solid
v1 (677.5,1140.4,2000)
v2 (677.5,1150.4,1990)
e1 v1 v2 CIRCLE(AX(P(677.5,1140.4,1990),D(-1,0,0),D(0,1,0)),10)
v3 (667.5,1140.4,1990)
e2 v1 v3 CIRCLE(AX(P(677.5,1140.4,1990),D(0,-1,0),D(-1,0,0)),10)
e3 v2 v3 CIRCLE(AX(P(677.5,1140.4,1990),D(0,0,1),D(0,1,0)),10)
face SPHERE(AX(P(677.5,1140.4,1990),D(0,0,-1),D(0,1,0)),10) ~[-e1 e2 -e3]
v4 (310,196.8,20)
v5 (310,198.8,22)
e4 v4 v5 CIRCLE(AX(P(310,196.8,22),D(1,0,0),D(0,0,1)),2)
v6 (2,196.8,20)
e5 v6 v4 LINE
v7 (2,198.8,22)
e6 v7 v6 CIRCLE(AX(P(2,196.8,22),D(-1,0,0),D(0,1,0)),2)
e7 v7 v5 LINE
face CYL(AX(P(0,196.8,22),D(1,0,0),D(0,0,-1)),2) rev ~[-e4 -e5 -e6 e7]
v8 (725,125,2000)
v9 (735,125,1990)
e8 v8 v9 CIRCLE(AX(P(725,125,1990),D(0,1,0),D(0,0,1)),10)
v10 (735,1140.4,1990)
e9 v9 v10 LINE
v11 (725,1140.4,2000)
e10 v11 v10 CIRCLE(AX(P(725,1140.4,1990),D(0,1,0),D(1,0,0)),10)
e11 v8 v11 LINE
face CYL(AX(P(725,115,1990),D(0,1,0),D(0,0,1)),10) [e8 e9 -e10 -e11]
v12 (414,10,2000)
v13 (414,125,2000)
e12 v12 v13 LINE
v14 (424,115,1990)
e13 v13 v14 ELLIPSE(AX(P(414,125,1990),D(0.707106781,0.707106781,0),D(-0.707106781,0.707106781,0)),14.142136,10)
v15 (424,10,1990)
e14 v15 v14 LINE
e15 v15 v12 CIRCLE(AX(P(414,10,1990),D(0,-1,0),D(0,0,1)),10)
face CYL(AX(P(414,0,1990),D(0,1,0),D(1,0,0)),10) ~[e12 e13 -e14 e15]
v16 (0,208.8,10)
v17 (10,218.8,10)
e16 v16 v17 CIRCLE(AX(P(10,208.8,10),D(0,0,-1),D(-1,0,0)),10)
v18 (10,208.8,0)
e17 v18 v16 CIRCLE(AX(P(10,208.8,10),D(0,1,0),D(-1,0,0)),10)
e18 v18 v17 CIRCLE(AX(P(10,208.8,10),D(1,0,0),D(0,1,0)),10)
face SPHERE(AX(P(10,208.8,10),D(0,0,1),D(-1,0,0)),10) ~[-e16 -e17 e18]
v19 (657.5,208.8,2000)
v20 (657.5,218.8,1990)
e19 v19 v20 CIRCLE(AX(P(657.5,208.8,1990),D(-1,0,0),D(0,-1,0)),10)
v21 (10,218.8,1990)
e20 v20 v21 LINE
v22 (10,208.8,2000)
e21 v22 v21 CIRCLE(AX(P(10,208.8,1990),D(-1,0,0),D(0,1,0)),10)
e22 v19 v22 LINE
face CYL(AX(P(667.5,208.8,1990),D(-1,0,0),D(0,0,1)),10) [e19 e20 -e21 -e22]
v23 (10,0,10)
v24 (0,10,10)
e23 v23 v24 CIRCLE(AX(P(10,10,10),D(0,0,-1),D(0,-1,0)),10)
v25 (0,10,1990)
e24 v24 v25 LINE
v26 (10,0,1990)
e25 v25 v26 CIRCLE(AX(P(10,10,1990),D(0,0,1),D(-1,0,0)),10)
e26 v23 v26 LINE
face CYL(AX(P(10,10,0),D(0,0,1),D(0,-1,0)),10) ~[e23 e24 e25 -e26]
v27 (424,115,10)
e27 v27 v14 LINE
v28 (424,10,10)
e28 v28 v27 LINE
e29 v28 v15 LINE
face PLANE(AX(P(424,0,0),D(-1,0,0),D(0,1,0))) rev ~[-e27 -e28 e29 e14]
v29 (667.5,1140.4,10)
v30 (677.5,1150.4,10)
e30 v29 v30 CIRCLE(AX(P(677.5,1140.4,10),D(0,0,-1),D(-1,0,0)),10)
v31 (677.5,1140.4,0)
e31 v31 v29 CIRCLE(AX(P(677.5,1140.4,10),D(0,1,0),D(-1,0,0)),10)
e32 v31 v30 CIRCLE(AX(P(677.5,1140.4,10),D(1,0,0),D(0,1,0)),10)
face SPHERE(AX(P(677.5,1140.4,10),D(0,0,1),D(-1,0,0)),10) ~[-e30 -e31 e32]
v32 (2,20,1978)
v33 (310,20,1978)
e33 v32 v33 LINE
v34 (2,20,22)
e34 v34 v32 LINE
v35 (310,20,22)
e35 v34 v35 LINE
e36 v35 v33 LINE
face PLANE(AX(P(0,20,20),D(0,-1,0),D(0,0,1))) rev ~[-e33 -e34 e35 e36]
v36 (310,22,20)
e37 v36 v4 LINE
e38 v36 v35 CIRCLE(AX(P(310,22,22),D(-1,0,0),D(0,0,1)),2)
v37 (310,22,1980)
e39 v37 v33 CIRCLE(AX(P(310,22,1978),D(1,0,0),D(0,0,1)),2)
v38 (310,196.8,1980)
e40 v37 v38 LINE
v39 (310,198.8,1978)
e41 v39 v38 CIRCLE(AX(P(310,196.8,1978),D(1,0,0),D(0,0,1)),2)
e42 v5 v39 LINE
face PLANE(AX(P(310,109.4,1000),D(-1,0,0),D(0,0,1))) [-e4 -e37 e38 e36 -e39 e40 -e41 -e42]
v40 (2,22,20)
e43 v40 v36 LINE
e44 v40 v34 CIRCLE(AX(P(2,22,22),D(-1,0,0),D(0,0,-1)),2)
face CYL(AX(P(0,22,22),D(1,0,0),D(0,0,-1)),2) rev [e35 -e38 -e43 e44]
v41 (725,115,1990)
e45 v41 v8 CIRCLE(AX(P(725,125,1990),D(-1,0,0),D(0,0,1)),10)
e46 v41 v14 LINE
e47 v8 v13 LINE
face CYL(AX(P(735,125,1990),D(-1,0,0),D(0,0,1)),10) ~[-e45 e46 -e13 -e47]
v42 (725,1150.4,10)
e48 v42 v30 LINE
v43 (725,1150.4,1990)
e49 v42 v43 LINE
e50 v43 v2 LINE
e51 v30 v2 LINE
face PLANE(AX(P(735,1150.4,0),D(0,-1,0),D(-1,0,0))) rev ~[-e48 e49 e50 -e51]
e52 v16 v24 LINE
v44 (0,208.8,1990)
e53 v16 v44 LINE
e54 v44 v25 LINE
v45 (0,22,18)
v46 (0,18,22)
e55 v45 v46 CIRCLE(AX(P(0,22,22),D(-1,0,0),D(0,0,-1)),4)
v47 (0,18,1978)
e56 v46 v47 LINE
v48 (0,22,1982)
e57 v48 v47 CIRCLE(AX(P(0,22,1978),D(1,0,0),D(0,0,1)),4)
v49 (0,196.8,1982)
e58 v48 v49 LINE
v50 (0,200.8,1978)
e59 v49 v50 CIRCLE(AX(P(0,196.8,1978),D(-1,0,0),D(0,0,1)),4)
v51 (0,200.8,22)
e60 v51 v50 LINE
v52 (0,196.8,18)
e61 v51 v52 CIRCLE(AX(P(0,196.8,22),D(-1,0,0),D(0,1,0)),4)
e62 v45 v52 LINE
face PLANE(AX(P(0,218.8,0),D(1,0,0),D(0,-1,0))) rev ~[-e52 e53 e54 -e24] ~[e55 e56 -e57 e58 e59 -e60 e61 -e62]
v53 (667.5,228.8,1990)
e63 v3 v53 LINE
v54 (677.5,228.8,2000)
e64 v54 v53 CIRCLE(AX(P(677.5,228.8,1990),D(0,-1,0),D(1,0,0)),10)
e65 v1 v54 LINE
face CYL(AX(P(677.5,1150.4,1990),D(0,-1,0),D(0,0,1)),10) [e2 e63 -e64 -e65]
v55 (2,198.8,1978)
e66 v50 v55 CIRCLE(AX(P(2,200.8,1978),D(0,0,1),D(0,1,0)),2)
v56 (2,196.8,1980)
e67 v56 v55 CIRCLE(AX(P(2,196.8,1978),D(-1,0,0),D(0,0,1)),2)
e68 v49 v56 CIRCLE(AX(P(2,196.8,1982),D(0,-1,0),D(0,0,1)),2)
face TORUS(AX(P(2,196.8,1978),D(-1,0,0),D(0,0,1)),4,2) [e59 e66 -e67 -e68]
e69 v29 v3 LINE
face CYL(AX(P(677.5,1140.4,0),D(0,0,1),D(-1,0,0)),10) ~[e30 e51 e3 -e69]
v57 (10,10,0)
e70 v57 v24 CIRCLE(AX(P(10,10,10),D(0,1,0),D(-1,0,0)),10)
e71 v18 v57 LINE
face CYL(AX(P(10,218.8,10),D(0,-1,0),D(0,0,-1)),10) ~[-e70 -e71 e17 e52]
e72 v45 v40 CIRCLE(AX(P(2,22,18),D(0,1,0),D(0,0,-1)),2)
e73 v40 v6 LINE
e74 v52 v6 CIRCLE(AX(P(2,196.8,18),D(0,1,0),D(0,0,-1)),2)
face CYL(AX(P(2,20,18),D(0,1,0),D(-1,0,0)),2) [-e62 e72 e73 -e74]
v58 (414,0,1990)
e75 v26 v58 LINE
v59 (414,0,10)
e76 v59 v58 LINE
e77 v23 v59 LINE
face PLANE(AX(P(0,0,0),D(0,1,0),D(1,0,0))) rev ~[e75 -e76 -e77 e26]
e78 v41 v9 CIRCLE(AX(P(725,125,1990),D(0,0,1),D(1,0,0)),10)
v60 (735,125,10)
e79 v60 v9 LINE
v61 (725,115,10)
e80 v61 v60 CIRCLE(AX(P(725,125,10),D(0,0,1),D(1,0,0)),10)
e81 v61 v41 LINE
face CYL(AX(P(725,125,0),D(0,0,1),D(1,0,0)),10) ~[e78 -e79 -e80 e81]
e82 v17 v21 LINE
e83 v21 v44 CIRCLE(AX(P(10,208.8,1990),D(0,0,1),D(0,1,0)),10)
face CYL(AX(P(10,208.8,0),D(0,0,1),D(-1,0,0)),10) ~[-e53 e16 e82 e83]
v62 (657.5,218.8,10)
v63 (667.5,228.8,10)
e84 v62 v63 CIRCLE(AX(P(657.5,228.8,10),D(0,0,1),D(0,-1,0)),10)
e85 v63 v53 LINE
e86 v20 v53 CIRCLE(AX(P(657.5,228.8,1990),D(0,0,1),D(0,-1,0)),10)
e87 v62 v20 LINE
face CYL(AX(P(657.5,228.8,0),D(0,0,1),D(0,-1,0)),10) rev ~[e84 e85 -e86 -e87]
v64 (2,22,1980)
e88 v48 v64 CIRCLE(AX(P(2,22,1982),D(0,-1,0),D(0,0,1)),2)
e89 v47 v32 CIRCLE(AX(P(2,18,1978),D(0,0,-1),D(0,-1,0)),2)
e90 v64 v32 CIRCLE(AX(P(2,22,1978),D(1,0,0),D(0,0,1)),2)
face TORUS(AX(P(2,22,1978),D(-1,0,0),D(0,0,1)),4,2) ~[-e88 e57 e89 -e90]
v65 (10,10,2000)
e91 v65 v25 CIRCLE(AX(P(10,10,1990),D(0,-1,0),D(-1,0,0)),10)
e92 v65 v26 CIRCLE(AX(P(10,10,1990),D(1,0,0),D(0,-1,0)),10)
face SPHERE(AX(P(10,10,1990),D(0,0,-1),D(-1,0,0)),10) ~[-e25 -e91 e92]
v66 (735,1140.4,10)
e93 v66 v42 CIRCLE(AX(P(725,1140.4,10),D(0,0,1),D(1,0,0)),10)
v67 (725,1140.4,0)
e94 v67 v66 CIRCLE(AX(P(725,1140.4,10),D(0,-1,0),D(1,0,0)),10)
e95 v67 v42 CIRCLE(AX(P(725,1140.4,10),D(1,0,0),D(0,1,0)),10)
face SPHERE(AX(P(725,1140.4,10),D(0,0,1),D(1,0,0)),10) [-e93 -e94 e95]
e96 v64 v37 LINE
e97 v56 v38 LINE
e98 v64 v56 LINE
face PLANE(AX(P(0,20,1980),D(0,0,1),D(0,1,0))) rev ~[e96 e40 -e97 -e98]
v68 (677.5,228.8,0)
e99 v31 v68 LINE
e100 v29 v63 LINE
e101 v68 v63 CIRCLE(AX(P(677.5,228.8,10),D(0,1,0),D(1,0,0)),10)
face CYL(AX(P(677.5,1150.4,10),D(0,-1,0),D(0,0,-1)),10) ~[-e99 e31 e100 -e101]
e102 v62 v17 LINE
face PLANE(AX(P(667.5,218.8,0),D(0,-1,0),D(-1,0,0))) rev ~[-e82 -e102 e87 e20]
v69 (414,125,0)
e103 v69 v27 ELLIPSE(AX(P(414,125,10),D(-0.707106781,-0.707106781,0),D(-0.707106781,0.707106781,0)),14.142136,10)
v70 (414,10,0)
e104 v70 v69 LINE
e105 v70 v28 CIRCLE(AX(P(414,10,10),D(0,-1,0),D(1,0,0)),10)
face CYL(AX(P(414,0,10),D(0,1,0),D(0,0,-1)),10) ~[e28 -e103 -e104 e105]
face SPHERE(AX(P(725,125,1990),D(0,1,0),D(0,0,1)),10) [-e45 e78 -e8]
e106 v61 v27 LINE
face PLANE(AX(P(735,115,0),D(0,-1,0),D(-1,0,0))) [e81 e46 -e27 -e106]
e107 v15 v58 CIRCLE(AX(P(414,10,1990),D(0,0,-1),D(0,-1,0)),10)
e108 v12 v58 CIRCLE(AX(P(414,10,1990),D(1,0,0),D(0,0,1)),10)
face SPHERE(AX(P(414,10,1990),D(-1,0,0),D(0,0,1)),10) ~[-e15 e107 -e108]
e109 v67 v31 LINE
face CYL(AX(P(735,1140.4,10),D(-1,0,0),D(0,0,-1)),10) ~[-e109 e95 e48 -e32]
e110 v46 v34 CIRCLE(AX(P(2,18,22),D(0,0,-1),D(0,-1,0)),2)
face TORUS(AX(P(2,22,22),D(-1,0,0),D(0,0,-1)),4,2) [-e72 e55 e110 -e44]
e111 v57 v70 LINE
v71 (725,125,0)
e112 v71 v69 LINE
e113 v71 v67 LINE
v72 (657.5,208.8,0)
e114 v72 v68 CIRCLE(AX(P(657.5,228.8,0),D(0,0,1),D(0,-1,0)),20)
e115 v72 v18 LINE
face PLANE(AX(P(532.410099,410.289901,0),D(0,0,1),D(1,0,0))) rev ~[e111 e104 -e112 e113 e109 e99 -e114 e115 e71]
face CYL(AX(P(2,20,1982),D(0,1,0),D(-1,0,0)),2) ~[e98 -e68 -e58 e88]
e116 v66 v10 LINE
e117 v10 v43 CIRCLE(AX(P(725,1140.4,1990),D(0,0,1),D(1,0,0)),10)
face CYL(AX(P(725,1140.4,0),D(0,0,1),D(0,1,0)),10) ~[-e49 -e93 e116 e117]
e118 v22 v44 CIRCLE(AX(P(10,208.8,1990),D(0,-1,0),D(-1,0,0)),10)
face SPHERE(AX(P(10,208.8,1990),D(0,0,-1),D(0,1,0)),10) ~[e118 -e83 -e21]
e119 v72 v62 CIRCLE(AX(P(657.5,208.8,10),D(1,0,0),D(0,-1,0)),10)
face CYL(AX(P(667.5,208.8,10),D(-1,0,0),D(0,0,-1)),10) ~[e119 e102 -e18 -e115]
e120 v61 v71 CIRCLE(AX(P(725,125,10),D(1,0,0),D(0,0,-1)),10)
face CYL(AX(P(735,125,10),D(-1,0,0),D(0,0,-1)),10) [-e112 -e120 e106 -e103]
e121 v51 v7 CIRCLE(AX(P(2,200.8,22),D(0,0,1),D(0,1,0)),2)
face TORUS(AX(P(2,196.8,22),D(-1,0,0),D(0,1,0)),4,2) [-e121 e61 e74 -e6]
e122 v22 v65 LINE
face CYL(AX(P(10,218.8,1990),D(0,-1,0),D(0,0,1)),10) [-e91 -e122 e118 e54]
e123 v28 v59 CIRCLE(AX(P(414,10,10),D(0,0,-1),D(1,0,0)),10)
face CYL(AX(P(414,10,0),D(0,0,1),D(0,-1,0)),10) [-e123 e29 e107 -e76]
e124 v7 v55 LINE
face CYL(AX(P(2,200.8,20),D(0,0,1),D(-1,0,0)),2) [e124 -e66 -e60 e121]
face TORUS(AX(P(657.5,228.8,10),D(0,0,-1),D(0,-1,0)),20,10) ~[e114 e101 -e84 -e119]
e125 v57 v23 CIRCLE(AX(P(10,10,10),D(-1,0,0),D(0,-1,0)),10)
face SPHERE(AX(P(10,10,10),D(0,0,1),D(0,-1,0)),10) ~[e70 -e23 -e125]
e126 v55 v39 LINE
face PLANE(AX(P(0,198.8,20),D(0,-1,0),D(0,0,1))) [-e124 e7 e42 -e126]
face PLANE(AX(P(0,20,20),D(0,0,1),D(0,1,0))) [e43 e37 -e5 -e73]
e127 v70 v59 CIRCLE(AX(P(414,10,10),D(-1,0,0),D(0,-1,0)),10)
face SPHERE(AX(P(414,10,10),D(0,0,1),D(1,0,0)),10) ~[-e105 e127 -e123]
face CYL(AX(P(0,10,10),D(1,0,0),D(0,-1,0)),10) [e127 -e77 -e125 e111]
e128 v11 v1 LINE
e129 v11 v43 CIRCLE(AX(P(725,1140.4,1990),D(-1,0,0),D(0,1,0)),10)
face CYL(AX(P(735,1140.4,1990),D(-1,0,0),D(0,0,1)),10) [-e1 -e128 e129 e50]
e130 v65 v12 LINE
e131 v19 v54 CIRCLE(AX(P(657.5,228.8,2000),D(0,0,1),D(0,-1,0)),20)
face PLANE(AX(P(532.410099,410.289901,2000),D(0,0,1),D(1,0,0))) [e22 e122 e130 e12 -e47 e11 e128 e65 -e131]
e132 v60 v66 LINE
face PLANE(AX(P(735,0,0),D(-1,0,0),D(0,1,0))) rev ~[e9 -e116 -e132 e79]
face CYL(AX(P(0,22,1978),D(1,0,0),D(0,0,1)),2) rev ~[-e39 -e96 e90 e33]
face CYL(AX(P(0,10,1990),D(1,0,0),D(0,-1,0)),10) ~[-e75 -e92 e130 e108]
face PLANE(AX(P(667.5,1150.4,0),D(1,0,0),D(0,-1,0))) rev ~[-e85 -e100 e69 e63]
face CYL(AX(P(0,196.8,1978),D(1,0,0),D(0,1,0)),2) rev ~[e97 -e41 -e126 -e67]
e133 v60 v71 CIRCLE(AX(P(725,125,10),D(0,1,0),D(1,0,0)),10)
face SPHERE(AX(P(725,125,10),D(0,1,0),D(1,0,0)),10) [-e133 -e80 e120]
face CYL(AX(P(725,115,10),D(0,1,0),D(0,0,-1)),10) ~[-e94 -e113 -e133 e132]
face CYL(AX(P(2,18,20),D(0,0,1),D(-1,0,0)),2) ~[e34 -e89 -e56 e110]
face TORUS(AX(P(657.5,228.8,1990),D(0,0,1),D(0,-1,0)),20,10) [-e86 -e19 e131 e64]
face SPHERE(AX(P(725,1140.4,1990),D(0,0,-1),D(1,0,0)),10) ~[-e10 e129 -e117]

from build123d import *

# Parameters (mm, degrees)
BOSS_EXTRUDE1_DEPTH = 2000
CUT_EXTRUDE1_REACH  = 2423.496
SKETCH3_W           = 311
SKETCH3_H           = 115
SKETCH2_W           = 1960
SKETCH2_H           = 178.8
CUT_EXTRUDE2_DEPTH  = 310
FILLET2_R           = 10
FILLET3_R           = 2


with BuildPart() as part:
    # Sketch1 → Boss-Extrude1 (new body)
    with BuildSketch(Plane.XY):
        Polygon((0, 0), (735, 0), (735, 1150.4), (667.5, 1150.4), (667.5, 218.8), (0, 218.8), align=None)
    extrude(amount=BOSS_EXTRUDE1_DEPTH)

    # Sketch3 → Cut-Extrude1 (cut, up to next)
    with BuildSketch(Plane(origin=(0, 0, 0), x_dir=(-1, 0, 0), z_dir=(0, 0, -1)), mode=Mode.PRIVATE) as cut_extrude1_sk1:
        with Locations((-579.5, 57.5)):
            Rectangle(SKETCH3_W, SKETCH3_H)
    cut_extrude1_tool1 = extrude(cut_extrude1_sk1.sketch, amount=-CUT_EXTRUDE1_REACH, mode=Mode.PRIVATE) & part.part
    add(cut_extrude1_tool1.solids().sort_by_distance((579.5, 57.5, 0))[0], mode=Mode.SUBTRACT)

    # Sketch2 → Cut-Extrude2 (cut)
    with BuildSketch(Plane.ZY):
        with Locations((1000, 109.4)):
            Rectangle(SKETCH2_W, SKETCH2_H)
    extrude(amount=-CUT_EXTRUDE2_DEPTH, mode=Mode.SUBTRACT)

    # Fillet2
    fillet2_edges = [part.edges().sort_by_distance(p)[0] for p in [
        (735, 1150.4, 1000),
        (0, 0, 1000),
        (0, 218.8, 1000),
        (667.5, 218.8, 1000),
        (667.5, 1150.4, 1000),
        (333.75, 218.8, 2000),
        (0, 109.4, 2000),
        (735, 632.7, 0),
        (212, 0, 2000),
        (735, 632.7, 2000),
        (579.5, 115, 2000),
        (735, 115, 1000),
        (424, 57.5, 2000),
        (424, 0, 1000),
        (424, 57.5, 0),
        (579.5, 115, 0),
        (701.25, 1150.4, 2000),
        (212, 0, 0),
        (0, 109.4, 0),
        (333.75, 218.8, 0),
        (667.5, 684.6, 0),
        (701.25, 1150.4, 0),
        (667.5, 684.6, 2000),
    ]]
    fillet(fillet2_edges, radius=FILLET2_R)

    # Fillet3
    fillet3_edges = [part.edges().sort_by_distance(p)[0] for p in [
        (155, 198.8, 1980),
        (155, 20, 1980),
        (155, 20, 20),
        (155, 198.8, 20),
        (0, 109.4, 1980),
        (0, 198.8, 1000),
        (0, 109.4, 20),
        (0, 20, 1000),
    ]]
    fillet(fillet3_edges, radius=FILLET3_R)


solid = part.part
